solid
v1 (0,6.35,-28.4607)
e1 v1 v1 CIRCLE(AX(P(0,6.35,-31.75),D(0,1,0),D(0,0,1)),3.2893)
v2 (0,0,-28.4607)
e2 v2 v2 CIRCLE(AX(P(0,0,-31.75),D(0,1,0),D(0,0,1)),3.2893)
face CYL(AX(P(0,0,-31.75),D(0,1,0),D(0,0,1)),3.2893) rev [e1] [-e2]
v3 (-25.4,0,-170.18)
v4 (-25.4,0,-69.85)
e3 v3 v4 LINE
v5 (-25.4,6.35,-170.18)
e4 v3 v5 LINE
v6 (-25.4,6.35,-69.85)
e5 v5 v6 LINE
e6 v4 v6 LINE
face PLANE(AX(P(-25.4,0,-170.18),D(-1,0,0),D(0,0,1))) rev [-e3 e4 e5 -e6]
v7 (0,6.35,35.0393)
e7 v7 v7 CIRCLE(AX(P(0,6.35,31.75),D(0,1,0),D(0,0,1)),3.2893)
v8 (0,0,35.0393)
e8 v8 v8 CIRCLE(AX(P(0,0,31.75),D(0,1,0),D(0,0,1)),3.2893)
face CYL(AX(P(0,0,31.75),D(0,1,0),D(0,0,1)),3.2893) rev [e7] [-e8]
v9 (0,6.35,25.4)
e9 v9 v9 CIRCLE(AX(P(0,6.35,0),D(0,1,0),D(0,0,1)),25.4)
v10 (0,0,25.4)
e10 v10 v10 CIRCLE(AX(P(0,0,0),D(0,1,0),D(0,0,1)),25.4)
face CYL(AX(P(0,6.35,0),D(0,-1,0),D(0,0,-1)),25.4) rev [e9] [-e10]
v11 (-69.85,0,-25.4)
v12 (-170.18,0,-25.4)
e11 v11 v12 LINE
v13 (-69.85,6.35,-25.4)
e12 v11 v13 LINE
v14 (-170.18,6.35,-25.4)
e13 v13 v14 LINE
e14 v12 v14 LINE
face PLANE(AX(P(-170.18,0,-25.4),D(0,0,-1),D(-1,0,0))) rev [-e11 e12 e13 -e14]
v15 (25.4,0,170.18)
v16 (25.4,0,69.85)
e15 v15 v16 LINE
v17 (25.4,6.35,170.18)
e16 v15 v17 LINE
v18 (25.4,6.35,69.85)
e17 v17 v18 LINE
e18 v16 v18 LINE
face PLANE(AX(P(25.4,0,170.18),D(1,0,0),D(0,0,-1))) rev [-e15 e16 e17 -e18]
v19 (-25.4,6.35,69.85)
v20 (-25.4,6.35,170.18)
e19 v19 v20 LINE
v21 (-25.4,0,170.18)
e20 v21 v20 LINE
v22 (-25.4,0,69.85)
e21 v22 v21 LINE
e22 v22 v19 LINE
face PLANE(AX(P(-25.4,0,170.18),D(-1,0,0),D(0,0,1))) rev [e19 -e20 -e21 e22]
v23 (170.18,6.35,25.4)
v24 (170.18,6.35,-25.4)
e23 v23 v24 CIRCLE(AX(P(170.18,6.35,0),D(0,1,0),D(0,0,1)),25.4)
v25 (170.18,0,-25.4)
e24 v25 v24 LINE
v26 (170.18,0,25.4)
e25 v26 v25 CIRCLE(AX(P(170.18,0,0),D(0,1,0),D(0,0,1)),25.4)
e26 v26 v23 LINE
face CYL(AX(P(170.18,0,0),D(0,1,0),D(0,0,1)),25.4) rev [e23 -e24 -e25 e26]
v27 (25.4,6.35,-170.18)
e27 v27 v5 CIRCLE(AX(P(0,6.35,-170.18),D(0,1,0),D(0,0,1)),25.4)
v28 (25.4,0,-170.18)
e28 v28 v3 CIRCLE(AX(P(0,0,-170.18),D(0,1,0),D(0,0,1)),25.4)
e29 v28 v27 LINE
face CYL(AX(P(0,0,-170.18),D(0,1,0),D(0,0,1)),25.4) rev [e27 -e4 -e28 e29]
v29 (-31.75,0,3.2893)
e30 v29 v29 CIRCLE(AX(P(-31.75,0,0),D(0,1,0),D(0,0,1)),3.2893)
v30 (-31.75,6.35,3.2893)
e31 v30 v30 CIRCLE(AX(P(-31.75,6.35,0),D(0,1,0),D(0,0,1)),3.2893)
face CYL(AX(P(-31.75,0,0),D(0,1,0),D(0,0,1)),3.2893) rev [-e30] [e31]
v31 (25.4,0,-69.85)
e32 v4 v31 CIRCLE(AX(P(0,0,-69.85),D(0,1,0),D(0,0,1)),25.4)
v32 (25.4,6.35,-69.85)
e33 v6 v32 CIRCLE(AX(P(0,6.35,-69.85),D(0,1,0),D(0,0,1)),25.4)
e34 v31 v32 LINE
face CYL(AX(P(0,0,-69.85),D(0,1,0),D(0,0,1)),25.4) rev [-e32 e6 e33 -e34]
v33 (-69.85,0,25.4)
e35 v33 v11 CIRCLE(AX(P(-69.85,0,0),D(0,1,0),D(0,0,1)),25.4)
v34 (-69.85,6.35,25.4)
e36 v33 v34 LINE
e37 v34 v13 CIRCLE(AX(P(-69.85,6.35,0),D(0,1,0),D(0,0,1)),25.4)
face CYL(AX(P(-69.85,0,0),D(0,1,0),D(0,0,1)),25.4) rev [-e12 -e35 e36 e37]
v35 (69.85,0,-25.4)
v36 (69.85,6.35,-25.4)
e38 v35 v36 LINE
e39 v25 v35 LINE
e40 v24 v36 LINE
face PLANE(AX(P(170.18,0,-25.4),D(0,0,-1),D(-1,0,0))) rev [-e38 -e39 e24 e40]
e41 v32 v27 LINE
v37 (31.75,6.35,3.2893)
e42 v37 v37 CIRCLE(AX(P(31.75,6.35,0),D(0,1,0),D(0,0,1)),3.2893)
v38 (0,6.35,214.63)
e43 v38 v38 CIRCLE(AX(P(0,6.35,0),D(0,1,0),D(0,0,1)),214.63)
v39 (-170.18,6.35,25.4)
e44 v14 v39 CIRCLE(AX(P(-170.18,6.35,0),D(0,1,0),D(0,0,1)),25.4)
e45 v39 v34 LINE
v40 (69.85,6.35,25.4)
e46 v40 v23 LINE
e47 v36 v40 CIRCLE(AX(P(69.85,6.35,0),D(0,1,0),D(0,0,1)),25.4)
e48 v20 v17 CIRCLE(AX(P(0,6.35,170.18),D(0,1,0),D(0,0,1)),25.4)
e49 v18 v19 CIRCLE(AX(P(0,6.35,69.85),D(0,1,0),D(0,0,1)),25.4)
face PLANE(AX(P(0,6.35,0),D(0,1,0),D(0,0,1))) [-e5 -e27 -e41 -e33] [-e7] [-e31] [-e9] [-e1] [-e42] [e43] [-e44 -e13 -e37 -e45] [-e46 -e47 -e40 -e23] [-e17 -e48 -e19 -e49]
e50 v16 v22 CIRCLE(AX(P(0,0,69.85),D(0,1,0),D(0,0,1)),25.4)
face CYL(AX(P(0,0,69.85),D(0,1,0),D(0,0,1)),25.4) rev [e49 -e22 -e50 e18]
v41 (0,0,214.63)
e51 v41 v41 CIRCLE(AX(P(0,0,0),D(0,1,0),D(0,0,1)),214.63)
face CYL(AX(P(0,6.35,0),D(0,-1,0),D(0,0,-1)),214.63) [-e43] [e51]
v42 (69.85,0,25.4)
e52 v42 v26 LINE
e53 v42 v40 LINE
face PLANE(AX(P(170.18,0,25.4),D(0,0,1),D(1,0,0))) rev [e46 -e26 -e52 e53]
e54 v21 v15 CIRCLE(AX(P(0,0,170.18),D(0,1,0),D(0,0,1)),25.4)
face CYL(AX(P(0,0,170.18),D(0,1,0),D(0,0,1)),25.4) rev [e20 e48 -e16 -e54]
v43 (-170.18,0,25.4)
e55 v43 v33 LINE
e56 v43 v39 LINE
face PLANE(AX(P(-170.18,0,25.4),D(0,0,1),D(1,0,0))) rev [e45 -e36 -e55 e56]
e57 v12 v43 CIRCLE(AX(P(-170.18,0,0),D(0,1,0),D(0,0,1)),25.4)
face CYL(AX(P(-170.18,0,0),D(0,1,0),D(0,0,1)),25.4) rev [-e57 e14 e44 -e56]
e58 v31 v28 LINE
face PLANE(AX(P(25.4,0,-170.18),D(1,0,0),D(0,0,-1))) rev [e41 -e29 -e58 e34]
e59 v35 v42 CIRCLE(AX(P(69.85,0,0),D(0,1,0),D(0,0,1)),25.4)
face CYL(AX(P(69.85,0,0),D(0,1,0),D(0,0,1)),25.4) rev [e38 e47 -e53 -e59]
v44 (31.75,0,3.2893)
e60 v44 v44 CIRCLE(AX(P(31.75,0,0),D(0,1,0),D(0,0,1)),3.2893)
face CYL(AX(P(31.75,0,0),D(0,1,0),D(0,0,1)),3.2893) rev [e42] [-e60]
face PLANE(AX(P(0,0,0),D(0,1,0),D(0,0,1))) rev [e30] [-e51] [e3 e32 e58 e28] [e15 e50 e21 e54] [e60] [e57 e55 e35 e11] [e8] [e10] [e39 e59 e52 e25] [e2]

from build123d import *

# Parameters (mm, degrees)
SKETCH1_R           = 214.63
SKETCH1_R_2         = 25.4
BOSS_EXTRUDE1_DEPTH = 6.35
SKETCH3_R           = 3.2893
CUT_EXTRUDE2_DEPTH  = 7.35
CUT_EXTRUDE3_DEPTH  = 7.35


with BuildPart() as part:
    # Sketch1 → Boss-Extrude1 (new body)
    with BuildSketch(Plane(origin=(0, 0, 0), x_dir=(1, 0, 0), z_dir=(0, 1, 0))):
        Circle(SKETCH1_R)
        Circle(SKETCH1_R_2, mode=Mode.SUBTRACT)
    extrude(amount=BOSS_EXTRUDE1_DEPTH)

    # Sketch3 → Cut-Extrude2 (cut, through all)
    with BuildSketch(Plane(origin=(0, 6.35, 0), x_dir=(1, 0, 0), z_dir=(0, 1, 0))):
        with Locations((0, 31.75)):
            Circle(SKETCH3_R)
        with Locations((31.75, 0)):
            Circle(SKETCH3_R)
        with Locations((0, -31.75)):
            Circle(SKETCH3_R)
        with Locations((-31.75, 0)):
            Circle(SKETCH3_R)
    extrude(amount=-CUT_EXTRUDE2_DEPTH, mode=Mode.SUBTRACT)

    # Sketch4 → Cut-Extrude3 (cut, through all)
    with BuildSketch(Plane(origin=(0, 6.35, 0), x_dir=(1, 0, 0), z_dir=(0, 1, 0))):
        with BuildLine():
            Line((25.4, 170.18), (25.4, 69.85))
            ThreePointArc((25.4, 69.85), (0, 44.45), (-25.4, 69.85))
            Line((-25.4, 69.85), (-25.4, 170.18))
            ThreePointArc((-25.4, 170.18), (0, 195.58), (25.4, 170.18))
        make_face()
        with BuildLine():
            Line((170.18, -25.4), (69.85, -25.4))
            ThreePointArc((69.85, -25.4), (44.45, 0), (69.85, 25.4))
            Line((69.85, 25.4), (170.18, 25.4))
            ThreePointArc((170.18, 25.4), (195.58, 0), (170.18, -25.4))
        make_face()
        with BuildLine():
            Line((-25.4, -170.18), (-25.4, -69.85))
            ThreePointArc((-25.4, -69.85), (0, -44.45), (25.4, -69.85))
            Line((25.4, -69.85), (25.4, -170.18))
            ThreePointArc((25.4, -170.18), (0, -195.58), (-25.4, -170.18))
        make_face()
        with BuildLine():
            Line((-170.18, 25.4), (-69.85, 25.4))
            ThreePointArc((-69.85, 25.4), (-44.45, 0), (-69.85, -25.4))
            Line((-69.85, -25.4), (-170.18, -25.4))
            ThreePointArc((-170.18, -25.4), (-195.58, 0), (-170.18, 25.4))
        make_face()
    extrude(amount=-CUT_EXTRUDE3_DEPTH, mode=Mode.SUBTRACT)


solid = part.part
